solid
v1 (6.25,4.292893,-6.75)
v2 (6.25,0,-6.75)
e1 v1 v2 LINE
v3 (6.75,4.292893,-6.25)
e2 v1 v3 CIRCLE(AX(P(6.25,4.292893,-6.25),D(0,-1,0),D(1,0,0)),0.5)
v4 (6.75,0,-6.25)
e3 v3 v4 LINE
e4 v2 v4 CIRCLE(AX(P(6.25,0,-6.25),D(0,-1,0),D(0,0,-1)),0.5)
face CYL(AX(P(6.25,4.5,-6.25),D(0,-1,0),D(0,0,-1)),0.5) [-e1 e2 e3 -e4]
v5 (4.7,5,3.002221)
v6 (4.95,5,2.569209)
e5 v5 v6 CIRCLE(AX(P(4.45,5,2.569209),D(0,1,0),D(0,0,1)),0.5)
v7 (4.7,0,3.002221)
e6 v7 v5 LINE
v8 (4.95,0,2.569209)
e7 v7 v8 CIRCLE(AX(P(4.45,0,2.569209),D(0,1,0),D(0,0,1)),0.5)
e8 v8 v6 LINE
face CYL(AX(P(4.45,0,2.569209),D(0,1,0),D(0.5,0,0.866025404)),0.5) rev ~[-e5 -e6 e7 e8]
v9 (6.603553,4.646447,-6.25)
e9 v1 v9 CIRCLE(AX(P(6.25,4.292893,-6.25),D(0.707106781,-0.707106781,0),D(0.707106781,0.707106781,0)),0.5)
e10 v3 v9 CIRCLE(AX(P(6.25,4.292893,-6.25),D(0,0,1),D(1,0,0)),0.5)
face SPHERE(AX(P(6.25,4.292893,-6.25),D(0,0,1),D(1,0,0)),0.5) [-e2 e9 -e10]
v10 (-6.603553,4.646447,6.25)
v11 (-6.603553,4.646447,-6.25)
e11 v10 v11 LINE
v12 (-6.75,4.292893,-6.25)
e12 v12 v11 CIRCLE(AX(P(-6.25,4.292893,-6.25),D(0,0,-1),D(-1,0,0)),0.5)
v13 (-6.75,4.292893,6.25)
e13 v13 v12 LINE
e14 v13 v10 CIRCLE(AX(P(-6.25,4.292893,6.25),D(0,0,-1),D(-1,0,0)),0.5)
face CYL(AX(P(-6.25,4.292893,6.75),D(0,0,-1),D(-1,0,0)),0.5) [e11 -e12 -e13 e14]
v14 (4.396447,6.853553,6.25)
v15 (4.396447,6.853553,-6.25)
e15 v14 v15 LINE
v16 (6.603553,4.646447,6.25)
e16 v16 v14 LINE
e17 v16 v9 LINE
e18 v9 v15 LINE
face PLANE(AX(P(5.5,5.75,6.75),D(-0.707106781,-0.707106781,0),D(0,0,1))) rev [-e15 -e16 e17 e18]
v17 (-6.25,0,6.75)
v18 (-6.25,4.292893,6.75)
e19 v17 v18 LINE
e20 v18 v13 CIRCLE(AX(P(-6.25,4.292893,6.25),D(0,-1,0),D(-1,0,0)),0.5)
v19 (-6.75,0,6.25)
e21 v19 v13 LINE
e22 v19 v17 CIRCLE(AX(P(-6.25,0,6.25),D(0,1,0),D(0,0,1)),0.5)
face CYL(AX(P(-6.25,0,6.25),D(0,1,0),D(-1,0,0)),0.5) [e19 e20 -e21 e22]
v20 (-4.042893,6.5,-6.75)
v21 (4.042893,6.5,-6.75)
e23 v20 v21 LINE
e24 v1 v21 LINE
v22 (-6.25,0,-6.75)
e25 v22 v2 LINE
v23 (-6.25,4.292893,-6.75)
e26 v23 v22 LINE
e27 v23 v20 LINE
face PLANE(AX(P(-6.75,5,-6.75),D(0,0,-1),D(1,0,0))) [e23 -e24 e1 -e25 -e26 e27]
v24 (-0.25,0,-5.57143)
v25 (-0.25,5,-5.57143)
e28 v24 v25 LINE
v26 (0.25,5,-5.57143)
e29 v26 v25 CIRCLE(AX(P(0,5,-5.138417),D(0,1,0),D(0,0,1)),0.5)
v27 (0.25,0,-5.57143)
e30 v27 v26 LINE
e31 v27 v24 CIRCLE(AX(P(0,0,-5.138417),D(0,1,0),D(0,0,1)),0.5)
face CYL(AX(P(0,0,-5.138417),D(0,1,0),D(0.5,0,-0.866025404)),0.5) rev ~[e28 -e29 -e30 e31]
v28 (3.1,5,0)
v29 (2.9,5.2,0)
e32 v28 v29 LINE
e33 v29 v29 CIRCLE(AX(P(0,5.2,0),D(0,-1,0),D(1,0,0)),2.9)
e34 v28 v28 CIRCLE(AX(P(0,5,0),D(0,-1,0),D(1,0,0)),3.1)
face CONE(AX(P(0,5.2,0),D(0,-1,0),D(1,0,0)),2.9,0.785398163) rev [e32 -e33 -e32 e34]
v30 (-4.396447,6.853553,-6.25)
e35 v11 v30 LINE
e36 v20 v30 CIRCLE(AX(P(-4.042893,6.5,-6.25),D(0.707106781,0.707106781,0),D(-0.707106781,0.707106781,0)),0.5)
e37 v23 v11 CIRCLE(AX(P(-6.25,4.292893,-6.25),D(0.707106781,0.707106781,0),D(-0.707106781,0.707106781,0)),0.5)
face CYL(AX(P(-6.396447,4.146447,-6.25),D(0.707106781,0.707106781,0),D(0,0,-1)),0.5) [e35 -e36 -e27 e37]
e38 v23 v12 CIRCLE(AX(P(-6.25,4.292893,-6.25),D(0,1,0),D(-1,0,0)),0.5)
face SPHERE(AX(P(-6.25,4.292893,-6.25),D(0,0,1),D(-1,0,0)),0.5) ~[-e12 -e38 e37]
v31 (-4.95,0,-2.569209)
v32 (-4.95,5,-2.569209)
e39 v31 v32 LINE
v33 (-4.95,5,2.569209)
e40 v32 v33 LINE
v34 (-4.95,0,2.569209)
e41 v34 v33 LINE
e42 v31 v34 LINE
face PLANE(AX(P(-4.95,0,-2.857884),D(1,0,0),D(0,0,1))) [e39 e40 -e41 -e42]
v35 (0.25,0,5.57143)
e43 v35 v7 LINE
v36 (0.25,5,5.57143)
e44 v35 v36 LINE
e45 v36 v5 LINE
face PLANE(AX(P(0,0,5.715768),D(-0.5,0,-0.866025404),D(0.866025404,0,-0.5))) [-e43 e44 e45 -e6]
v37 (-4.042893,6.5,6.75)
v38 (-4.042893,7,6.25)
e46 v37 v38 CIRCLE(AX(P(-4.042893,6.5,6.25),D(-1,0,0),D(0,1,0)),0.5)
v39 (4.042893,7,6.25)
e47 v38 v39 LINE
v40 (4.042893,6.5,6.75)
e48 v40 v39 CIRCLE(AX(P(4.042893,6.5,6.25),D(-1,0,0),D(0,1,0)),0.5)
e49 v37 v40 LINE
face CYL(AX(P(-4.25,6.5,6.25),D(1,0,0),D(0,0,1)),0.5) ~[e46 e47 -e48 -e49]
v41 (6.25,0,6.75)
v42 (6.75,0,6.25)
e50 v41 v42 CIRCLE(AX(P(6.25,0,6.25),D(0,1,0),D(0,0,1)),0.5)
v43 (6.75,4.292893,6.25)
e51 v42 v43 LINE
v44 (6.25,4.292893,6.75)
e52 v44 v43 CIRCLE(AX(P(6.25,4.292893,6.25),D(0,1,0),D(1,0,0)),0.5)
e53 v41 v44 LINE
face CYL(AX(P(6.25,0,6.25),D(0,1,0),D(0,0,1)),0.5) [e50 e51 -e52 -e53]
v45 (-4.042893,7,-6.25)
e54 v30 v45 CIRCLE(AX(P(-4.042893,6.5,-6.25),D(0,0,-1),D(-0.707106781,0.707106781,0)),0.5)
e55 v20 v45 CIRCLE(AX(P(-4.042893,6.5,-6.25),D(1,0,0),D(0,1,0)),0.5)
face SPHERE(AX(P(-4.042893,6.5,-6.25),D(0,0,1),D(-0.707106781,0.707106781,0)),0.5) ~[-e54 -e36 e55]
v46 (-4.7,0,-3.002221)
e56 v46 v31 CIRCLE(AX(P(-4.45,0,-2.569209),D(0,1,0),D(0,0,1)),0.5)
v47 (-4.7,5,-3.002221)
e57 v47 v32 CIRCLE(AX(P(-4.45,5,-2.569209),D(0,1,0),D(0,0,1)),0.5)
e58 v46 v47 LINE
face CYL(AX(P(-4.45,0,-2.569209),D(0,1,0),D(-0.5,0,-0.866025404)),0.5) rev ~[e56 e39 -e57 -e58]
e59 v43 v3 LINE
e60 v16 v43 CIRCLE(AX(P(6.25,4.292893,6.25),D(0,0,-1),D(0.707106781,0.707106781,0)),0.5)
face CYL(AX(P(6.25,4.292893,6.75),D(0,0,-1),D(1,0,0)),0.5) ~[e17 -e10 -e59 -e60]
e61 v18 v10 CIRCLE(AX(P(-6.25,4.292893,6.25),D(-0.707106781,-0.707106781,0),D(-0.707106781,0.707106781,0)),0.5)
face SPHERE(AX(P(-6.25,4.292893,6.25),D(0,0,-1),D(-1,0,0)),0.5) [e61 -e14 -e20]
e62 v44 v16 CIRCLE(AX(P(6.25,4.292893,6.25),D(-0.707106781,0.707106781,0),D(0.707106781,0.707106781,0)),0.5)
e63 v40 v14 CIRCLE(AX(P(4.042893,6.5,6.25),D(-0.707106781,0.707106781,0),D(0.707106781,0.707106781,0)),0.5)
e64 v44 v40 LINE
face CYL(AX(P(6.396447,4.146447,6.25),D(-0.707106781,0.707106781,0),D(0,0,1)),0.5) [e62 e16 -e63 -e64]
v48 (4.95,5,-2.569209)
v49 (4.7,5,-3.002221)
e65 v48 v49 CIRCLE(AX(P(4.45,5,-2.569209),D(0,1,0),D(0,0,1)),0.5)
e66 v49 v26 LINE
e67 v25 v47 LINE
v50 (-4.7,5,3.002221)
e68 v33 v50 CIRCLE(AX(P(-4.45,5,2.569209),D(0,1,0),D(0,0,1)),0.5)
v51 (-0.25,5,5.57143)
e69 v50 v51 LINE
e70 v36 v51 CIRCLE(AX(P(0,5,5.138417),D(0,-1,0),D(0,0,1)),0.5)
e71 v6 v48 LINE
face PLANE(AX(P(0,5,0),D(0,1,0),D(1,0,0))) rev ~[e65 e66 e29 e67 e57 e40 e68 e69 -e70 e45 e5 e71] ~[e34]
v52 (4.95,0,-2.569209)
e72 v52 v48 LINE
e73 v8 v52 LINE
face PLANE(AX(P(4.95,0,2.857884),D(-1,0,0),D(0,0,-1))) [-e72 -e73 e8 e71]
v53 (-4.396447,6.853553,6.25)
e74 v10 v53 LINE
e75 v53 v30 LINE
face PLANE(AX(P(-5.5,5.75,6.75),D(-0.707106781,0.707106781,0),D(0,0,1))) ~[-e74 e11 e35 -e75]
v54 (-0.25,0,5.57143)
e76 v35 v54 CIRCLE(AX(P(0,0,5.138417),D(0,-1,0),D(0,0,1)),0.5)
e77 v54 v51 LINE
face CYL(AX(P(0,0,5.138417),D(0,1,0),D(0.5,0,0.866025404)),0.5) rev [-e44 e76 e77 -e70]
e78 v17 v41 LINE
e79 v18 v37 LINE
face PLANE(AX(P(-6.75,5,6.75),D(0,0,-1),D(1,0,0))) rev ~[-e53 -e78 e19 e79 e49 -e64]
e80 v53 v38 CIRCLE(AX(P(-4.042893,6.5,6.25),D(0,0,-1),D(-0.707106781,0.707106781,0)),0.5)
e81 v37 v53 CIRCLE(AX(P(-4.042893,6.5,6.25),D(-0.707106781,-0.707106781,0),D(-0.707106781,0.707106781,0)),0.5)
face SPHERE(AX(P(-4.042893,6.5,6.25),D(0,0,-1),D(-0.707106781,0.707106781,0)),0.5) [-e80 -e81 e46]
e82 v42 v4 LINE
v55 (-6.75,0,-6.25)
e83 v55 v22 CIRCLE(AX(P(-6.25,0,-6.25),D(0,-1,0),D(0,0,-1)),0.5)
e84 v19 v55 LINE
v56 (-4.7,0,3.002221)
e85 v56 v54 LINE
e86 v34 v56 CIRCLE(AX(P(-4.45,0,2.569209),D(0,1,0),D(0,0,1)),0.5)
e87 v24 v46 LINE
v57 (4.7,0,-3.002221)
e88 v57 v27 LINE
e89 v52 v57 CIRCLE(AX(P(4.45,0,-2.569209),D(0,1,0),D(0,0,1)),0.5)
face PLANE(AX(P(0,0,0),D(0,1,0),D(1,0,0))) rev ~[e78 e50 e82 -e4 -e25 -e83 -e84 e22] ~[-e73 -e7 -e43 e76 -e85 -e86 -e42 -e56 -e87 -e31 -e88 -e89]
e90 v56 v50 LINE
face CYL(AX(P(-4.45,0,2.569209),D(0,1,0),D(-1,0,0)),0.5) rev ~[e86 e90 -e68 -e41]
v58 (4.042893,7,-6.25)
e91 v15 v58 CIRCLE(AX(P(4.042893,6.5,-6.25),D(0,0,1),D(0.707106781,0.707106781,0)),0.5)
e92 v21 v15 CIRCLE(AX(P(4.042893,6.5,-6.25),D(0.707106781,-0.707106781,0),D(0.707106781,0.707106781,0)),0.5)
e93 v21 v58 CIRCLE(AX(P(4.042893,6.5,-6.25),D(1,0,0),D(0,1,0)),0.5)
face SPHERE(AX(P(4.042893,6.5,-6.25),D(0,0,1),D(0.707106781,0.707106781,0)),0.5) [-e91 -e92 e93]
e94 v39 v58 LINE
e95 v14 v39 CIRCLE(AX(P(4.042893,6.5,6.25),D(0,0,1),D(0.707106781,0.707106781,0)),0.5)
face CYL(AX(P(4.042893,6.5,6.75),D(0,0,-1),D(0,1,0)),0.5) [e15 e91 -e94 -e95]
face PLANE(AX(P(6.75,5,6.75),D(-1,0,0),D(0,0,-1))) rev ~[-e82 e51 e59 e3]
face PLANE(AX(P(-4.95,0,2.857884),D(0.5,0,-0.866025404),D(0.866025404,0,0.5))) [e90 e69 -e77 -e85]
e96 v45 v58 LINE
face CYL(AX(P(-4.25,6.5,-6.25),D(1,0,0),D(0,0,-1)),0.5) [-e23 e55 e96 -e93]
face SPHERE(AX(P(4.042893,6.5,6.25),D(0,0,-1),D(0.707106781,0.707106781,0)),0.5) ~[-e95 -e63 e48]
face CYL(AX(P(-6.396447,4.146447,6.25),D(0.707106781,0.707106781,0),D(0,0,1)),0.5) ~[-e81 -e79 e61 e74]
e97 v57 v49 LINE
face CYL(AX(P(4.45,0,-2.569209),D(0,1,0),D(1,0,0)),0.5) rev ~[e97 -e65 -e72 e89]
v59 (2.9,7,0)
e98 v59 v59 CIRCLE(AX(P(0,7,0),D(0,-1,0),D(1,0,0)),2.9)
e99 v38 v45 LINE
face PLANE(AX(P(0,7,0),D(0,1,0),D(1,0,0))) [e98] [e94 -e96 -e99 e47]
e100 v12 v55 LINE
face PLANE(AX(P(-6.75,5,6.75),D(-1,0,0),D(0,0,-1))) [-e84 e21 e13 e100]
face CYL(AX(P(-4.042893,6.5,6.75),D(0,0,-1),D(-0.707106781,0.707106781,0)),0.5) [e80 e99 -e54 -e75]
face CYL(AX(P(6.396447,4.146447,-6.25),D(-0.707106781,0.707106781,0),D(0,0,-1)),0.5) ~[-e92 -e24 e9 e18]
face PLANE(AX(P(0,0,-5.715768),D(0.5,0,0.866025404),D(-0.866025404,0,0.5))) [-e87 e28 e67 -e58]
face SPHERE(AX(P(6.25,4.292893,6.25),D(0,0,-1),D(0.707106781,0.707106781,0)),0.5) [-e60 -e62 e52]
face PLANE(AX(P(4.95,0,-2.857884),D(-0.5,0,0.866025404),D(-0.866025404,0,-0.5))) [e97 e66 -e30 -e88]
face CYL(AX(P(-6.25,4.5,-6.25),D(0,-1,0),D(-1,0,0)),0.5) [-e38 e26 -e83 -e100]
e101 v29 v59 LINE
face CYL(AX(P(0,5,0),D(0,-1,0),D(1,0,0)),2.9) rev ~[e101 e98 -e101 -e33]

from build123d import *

# Parameters (mm, degrees)
SKETCH1_W           = 13.5
SKETCH1_H           = 13.5
BOSS_EXTRUDE1_DEPTH = 5
SKETCH3_W           = 13.5
SKETCH3_H           = 13.5
BOSS_EXTRUDE2_DEPTH = 2
CHAMFER1_SIZE       = 2.5
FILLET2_R           = 0.5
FILLET1_R           = 0.5
CUT_EXTRUDE1_REACH  = 4
SKETCH4_R           = 2.9
CHAMFER2_SIZE       = 0.2


with BuildPart() as part:
    # Sketch1 → Boss-Extrude1 (new body)
    with BuildSketch(Plane(origin=(0, 0, 0), x_dir=(1, 0, 0), z_dir=(0, 1, 0))):
        Rectangle(SKETCH1_W, SKETCH1_H)
        Polygon((0, -5.715767665), (4.95, -2.857883832), (4.95, 2.857883832), (0, 5.715767665), (-4.95, 2.857883832), (-4.95, -2.857883832), align=None, mode=Mode.SUBTRACT)
    extrude(amount=BOSS_EXTRUDE1_DEPTH)

    # Sketch3 → Boss-Extrude2 (add)
    with BuildSketch(Plane(origin=(0, 5, 0), x_dir=(1, 0, 0), z_dir=(0, 1, 0))):
        Rectangle(SKETCH3_W, SKETCH3_H)
    extrude(amount=BOSS_EXTRUDE2_DEPTH)

    # Chamfer1
    chamfer1_edges = [part.edges().sort_by_distance(p)[0] for p in [
        (-6.75, 7, 0),
        (6.75, 7, 0),
    ]]
    chamfer(chamfer1_edges, length=CHAMFER1_SIZE)

    # Fillet2
    fillet2_edges = [part.edges().sort_by_distance(p)[0] for p in [
        (-4.95, 2.5, 2.857883832),
        (0, 2.5, 5.715767665),
        (4.95, 2.5, 2.857883832),
        (4.95, 2.5, -2.857883832),
        (0, 2.5, -5.715767665),
        (-4.95, 2.5, -2.857883832),
    ]]
    fillet(fillet2_edges, radius=FILLET2_R)

    # Fillet1
    fillet1_edges = [part.edges().sort_by_distance(p)[0] for p in [
        (0, 7, 6.75),
        (0, 7, -6.75),
        (-4.25, 7, 0),
        (4.25, 7, 0),
        (-6.75, 2.25, -6.75),
        (6.75, 2.25, -6.75),
        (-5.5, 5.75, -6.75),
        (5.5, 5.75, -6.75),
        (6.75, 2.25, 6.75),
        (6.75, 4.5, 0),
        (-6.75, 2.25, 6.75),
        (-5.5, 5.75, 6.75),
        (5.5, 5.75, 6.75),
        (-6.75, 4.5, 0),
    ]]
    fillet(fillet1_edges, radius=FILLET1_R)

    # Sketch4 → Cut-Extrude1 (cut, up to next)
    with BuildSketch(Plane.XZ.offset(-5), mode=Mode.PRIVATE) as cut_extrude1_sk1:
        Circle(SKETCH4_R)
    cut_extrude1_tool1 = extrude(cut_extrude1_sk1.sketch, amount=-CUT_EXTRUDE1_REACH, mode=Mode.PRIVATE) & part.part
    add(cut_extrude1_tool1.solids().sort_by_distance((0, 5, 0))[0], mode=Mode.SUBTRACT)

    # Chamfer2
    chamfer2_edges = [part.edges().sort_by_distance(p)[0] for p in [
        (-2.9, 5, 0),
    ]]
    chamfer(chamfer2_edges, length=CHAMFER2_SIZE)


solid = part.part
